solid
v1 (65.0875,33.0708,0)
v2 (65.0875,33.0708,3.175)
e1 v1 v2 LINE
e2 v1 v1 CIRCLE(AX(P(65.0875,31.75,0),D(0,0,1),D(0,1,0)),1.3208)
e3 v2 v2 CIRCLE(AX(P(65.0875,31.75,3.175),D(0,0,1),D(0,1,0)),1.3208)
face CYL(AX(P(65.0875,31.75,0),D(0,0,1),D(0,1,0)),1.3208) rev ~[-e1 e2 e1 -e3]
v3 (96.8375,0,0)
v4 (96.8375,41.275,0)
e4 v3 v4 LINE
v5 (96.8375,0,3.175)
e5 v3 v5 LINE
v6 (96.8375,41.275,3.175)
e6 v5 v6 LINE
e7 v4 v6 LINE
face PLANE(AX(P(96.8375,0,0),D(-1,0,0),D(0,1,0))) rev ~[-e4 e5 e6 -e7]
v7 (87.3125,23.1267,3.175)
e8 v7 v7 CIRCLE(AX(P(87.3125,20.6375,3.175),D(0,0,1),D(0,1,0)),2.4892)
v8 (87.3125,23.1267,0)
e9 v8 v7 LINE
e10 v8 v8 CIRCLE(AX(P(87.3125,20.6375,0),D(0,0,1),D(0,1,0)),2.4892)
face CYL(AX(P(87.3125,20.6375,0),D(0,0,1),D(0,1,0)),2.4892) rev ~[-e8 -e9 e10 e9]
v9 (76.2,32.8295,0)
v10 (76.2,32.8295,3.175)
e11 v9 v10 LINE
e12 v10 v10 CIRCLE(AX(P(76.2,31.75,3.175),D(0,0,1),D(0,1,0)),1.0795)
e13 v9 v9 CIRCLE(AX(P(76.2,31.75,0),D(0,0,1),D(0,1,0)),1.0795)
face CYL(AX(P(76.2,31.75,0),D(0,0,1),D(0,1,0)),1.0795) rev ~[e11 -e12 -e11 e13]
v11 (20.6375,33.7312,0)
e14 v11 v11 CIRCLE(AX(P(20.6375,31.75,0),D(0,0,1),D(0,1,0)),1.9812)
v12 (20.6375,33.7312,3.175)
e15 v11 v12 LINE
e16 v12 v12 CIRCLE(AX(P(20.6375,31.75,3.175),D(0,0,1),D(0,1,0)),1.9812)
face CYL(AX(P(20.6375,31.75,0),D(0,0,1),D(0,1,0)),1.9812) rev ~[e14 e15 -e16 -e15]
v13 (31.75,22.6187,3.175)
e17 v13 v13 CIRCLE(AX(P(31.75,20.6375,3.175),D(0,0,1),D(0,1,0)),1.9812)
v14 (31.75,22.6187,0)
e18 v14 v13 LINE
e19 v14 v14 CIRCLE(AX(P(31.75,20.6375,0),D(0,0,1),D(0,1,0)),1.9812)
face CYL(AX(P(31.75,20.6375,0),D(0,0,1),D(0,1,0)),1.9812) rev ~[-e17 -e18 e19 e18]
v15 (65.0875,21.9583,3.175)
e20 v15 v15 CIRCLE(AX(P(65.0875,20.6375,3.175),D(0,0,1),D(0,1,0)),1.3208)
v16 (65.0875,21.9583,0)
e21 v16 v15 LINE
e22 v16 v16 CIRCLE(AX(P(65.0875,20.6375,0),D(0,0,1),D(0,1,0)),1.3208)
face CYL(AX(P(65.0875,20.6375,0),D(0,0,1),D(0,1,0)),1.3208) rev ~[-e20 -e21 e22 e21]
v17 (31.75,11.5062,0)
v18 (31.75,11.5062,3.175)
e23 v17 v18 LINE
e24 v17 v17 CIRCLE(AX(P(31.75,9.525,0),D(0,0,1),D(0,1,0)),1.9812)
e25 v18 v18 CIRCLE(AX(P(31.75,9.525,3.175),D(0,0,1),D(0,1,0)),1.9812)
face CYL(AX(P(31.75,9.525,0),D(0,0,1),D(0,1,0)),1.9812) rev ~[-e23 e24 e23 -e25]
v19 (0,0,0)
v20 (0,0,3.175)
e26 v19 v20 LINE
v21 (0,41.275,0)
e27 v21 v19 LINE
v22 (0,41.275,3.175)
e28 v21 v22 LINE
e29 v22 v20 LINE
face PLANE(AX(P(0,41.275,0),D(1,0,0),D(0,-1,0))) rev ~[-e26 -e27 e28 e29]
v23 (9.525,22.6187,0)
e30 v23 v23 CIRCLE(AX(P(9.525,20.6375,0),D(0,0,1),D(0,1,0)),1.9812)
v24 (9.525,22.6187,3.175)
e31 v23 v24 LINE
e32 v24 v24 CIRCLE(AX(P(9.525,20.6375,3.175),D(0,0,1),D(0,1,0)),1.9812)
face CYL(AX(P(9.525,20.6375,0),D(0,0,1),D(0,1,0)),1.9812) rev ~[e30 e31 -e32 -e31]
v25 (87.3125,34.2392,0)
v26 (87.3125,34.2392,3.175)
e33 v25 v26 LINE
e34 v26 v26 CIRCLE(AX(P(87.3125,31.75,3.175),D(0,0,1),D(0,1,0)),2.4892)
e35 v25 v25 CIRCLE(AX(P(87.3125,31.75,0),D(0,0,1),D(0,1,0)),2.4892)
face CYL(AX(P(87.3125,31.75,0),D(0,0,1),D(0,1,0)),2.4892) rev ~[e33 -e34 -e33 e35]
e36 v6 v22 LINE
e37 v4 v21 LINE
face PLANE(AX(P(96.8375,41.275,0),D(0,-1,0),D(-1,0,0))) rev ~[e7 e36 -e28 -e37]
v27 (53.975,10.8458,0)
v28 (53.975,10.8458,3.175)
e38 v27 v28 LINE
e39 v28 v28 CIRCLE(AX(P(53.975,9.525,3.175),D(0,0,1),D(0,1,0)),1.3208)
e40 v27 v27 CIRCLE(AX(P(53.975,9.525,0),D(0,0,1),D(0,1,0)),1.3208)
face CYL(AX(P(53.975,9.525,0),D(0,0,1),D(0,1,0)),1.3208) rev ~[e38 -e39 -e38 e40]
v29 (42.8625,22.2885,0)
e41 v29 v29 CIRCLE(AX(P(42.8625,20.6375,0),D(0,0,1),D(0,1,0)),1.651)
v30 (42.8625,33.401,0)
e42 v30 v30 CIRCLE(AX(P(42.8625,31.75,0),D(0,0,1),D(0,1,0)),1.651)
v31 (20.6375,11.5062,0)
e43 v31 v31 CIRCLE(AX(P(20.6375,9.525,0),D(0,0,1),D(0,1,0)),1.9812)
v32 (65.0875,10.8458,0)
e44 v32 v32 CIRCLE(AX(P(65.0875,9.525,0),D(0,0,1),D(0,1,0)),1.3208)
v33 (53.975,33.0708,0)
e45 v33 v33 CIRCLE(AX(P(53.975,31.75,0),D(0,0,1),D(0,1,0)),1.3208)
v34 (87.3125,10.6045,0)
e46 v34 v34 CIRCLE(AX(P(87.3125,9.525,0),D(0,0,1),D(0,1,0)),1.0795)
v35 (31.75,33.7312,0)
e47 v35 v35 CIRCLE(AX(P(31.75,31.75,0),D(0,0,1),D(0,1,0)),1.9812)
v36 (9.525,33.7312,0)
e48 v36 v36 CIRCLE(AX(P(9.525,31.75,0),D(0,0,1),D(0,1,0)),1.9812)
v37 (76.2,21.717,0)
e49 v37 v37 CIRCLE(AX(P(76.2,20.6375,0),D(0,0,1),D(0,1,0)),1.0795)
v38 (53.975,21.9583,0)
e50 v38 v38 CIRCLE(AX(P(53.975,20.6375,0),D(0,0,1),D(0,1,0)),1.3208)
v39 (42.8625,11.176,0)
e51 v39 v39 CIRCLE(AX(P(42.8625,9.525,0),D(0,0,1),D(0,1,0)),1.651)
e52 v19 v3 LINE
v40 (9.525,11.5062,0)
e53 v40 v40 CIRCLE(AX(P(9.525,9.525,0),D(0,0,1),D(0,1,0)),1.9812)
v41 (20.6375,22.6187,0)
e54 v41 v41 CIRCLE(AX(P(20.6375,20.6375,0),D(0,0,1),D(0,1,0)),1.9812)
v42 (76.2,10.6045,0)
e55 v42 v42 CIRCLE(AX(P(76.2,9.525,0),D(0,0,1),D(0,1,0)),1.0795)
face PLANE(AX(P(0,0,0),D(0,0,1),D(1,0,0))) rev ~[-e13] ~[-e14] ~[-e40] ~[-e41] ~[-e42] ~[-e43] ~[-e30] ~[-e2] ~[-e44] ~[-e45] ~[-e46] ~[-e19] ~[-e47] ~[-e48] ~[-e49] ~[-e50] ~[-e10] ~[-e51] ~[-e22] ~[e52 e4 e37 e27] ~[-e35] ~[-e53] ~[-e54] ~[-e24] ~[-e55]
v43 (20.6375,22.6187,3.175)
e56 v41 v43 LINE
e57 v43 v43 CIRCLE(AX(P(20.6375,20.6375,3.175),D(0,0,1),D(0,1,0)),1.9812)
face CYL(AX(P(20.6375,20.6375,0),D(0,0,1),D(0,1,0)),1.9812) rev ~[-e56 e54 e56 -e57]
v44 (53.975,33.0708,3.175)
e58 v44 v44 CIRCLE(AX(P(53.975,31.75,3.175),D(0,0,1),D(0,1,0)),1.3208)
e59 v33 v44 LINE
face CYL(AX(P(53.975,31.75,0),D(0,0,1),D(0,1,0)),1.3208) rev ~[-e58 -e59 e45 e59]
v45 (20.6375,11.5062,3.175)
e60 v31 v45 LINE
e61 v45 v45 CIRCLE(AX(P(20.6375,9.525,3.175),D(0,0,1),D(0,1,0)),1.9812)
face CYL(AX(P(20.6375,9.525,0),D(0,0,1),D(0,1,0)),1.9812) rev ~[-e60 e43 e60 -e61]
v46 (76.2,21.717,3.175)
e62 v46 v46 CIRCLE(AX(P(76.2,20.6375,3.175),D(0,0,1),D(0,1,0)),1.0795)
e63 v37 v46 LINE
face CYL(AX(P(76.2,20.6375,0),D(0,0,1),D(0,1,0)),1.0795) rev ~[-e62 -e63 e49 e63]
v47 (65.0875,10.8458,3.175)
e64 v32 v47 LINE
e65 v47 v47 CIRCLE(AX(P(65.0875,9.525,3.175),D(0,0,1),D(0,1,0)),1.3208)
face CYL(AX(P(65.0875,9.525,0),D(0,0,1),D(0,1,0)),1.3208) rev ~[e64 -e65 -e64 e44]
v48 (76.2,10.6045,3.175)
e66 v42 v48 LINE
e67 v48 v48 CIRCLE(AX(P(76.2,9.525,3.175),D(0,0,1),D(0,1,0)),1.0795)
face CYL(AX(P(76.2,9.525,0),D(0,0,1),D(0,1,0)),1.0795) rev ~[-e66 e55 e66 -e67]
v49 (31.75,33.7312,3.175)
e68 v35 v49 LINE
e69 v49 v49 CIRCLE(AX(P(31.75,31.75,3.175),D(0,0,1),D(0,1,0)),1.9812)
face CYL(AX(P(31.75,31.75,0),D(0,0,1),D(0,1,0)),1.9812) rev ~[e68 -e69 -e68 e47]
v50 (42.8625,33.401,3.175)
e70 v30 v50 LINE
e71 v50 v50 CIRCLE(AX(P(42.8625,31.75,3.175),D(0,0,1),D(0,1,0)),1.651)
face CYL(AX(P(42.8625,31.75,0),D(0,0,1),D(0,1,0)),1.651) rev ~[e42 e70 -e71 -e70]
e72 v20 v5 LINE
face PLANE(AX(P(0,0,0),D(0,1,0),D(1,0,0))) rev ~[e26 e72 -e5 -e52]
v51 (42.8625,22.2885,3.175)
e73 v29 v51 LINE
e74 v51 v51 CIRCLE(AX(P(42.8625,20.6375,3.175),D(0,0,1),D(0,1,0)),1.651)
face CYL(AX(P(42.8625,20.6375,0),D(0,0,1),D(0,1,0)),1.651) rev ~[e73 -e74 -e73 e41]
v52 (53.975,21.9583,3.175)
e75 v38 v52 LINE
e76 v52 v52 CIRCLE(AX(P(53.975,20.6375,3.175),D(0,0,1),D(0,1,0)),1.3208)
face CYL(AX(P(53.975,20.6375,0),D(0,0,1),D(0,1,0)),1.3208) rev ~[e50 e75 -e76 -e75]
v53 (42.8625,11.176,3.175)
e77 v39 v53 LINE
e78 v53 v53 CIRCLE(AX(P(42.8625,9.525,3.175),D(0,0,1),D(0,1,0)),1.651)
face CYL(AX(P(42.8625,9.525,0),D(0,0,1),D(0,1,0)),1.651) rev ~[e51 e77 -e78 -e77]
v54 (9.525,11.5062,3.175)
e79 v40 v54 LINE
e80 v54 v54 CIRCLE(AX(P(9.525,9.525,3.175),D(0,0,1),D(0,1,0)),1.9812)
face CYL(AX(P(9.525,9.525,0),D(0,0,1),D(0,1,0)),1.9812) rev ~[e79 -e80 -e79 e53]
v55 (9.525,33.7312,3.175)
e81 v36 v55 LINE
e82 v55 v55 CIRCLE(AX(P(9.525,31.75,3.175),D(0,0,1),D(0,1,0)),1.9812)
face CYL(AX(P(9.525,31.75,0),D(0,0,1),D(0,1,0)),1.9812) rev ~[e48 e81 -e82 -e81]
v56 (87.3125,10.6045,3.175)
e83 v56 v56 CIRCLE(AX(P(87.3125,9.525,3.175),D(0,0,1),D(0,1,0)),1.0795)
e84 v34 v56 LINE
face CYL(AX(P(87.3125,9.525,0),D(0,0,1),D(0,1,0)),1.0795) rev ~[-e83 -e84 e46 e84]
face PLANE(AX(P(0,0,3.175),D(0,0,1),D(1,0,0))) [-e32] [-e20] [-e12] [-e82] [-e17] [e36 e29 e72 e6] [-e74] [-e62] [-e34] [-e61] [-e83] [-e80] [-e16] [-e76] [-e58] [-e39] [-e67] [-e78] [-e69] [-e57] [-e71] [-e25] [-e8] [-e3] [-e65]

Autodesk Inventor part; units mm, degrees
ref_plane "YZ Plane" through (0, 0, 0) normal (1, 0, 0) x (0, 1, 0)
ref_plane "XZ Plane" through (0, 0, 0) normal (0, 1, 0) x (-1, 0, 0)
ref_plane "XY Plane" through (0, 0, 0) normal (0, 0, 1) x (1, 0, 0)
sketch "Sketch1" plane through (0, 0, 0) normal (0, 0, 1) x (1, 0, 0)
  line L0 (0, 0) -> (96.8375, 0)
  line L1 (96.8375, 0) -> (96.8375, 41.275)
  line L2 (96.8375, 41.275) -> (0, 41.275)
  line L3 (0, 41.275) -> (0, 0)
  circle A0 centre (87.3125, 31.75) radius 7.112
  circle A1 centre (76.2, 31.75) radius 2.3241
  circle A2 centre (65.0875, 31.75) radius 3.3274
  circle A3 centre (42.8625, 31.75) radius 3.9624
  circle A4 centre (31.75, 31.75) radius 3.9624
  point P0 (9.525, 9.525)
  point P1 (9.525, 20.6375)
  point P2 (9.525, 31.75)
  point P3 (20.6375, 9.525)
  point P4 (20.6375, 20.6375)
  point P5 (20.6375, 31.75)
  point P6 (31.75, 9.525)
  point P7 (31.75, 20.6375)
  point P8 (42.8625, 9.525)
  point P9 (42.8625, 20.6375)
  point P10 (53.975, 9.525)
  point P11 (53.975, 20.6375)
  point P12 (53.975, 31.75)
  point P13 (65.0875, 9.525)
  point P14 (65.0875, 20.6375)
  point P15 (76.2, 9.525)
  point P16 (76.2, 20.6375)
  point P17 (87.3125, 9.525)
  point P18 (87.3125, 20.6375)
  dimension "d0" = 9.525
  dimension "d2" = 9.525
  dimension "d5" = 11.1125
  dimension "d8" = 11.1125
  dimension "d11" = 9.525
  dimension "d12" = 9.525
  dimension "d50" = 14.224
  dimension "d51" = 4.6482
  dimension "d52" = 6.6548
  dimension "d53" = 7.9248
  dimension "d54" = 7.9248
extrude "Extrusion1" add sketch "Sketch1" along normal blind 3.175 contours L3 L2 L1 L0 | A0 | A1 | A2 | A3 | A4
hole "10-32" at (9.525, 9.525, 0) at (9.525, 20.6375, 0) at (9.525, 31.75, 0) at (20.6375, 9.525, 0) at (20.6375, 20.6375, 0) at (20.6375, 31.75, 0) at (31.75, 9.525, 0) at (31.75, 20.6375, 0) at (31.75, 31.75, 0) direction (0, 0, 1) diameter 3.9624 end through all thread size "10-32 UNF" class "2B" standard "ANSI Unified Screw Threads"
hole "8-32" at (42.8625, 31.75, 0) at (42.8625, 20.6375, 0) at (42.8625, 9.525, 0) direction (0, 0, 1) diameter 3.302 end through all thread size "8-32 UNC" class "2B" standard "ANSI Unified Screw Threads"
hole "6-32" at (53.975, 9.525, 0) at (53.975, 20.6375, 0) at (53.975, 31.75, 0) at (65.0875, 9.525, 0) at (65.0875, 20.6375, 0) at (65.0875, 31.75, 0) direction (0, 0, 1) diameter 2.6416 end through all thread size "6-32 UNC" class "2B" standard "ANSI Unified Screw Threads"
hole "4-40" at (76.2, 9.525, 0) at (76.2, 20.6375, 0) at (76.2, 31.75, 0) at (87.3125, 9.525, 0) direction (0, 0, 1) diameter 2.159 end through all
hole "1/4-20" at (87.3125, 20.6375, 0) at (87.3125, 31.75, 0) direction (0, 0, 1) diameter 4.9784 end through all thread size "1/4-20 UNC" class "2B" standard "ANSI Unified Screw Threads"
equation "\"d2\" = d0"
equation "\"d5\" = d8"
equation "\"d11\" = d2"
equation "\"d12\" = d0"
properties part number "Bolt Holder"
